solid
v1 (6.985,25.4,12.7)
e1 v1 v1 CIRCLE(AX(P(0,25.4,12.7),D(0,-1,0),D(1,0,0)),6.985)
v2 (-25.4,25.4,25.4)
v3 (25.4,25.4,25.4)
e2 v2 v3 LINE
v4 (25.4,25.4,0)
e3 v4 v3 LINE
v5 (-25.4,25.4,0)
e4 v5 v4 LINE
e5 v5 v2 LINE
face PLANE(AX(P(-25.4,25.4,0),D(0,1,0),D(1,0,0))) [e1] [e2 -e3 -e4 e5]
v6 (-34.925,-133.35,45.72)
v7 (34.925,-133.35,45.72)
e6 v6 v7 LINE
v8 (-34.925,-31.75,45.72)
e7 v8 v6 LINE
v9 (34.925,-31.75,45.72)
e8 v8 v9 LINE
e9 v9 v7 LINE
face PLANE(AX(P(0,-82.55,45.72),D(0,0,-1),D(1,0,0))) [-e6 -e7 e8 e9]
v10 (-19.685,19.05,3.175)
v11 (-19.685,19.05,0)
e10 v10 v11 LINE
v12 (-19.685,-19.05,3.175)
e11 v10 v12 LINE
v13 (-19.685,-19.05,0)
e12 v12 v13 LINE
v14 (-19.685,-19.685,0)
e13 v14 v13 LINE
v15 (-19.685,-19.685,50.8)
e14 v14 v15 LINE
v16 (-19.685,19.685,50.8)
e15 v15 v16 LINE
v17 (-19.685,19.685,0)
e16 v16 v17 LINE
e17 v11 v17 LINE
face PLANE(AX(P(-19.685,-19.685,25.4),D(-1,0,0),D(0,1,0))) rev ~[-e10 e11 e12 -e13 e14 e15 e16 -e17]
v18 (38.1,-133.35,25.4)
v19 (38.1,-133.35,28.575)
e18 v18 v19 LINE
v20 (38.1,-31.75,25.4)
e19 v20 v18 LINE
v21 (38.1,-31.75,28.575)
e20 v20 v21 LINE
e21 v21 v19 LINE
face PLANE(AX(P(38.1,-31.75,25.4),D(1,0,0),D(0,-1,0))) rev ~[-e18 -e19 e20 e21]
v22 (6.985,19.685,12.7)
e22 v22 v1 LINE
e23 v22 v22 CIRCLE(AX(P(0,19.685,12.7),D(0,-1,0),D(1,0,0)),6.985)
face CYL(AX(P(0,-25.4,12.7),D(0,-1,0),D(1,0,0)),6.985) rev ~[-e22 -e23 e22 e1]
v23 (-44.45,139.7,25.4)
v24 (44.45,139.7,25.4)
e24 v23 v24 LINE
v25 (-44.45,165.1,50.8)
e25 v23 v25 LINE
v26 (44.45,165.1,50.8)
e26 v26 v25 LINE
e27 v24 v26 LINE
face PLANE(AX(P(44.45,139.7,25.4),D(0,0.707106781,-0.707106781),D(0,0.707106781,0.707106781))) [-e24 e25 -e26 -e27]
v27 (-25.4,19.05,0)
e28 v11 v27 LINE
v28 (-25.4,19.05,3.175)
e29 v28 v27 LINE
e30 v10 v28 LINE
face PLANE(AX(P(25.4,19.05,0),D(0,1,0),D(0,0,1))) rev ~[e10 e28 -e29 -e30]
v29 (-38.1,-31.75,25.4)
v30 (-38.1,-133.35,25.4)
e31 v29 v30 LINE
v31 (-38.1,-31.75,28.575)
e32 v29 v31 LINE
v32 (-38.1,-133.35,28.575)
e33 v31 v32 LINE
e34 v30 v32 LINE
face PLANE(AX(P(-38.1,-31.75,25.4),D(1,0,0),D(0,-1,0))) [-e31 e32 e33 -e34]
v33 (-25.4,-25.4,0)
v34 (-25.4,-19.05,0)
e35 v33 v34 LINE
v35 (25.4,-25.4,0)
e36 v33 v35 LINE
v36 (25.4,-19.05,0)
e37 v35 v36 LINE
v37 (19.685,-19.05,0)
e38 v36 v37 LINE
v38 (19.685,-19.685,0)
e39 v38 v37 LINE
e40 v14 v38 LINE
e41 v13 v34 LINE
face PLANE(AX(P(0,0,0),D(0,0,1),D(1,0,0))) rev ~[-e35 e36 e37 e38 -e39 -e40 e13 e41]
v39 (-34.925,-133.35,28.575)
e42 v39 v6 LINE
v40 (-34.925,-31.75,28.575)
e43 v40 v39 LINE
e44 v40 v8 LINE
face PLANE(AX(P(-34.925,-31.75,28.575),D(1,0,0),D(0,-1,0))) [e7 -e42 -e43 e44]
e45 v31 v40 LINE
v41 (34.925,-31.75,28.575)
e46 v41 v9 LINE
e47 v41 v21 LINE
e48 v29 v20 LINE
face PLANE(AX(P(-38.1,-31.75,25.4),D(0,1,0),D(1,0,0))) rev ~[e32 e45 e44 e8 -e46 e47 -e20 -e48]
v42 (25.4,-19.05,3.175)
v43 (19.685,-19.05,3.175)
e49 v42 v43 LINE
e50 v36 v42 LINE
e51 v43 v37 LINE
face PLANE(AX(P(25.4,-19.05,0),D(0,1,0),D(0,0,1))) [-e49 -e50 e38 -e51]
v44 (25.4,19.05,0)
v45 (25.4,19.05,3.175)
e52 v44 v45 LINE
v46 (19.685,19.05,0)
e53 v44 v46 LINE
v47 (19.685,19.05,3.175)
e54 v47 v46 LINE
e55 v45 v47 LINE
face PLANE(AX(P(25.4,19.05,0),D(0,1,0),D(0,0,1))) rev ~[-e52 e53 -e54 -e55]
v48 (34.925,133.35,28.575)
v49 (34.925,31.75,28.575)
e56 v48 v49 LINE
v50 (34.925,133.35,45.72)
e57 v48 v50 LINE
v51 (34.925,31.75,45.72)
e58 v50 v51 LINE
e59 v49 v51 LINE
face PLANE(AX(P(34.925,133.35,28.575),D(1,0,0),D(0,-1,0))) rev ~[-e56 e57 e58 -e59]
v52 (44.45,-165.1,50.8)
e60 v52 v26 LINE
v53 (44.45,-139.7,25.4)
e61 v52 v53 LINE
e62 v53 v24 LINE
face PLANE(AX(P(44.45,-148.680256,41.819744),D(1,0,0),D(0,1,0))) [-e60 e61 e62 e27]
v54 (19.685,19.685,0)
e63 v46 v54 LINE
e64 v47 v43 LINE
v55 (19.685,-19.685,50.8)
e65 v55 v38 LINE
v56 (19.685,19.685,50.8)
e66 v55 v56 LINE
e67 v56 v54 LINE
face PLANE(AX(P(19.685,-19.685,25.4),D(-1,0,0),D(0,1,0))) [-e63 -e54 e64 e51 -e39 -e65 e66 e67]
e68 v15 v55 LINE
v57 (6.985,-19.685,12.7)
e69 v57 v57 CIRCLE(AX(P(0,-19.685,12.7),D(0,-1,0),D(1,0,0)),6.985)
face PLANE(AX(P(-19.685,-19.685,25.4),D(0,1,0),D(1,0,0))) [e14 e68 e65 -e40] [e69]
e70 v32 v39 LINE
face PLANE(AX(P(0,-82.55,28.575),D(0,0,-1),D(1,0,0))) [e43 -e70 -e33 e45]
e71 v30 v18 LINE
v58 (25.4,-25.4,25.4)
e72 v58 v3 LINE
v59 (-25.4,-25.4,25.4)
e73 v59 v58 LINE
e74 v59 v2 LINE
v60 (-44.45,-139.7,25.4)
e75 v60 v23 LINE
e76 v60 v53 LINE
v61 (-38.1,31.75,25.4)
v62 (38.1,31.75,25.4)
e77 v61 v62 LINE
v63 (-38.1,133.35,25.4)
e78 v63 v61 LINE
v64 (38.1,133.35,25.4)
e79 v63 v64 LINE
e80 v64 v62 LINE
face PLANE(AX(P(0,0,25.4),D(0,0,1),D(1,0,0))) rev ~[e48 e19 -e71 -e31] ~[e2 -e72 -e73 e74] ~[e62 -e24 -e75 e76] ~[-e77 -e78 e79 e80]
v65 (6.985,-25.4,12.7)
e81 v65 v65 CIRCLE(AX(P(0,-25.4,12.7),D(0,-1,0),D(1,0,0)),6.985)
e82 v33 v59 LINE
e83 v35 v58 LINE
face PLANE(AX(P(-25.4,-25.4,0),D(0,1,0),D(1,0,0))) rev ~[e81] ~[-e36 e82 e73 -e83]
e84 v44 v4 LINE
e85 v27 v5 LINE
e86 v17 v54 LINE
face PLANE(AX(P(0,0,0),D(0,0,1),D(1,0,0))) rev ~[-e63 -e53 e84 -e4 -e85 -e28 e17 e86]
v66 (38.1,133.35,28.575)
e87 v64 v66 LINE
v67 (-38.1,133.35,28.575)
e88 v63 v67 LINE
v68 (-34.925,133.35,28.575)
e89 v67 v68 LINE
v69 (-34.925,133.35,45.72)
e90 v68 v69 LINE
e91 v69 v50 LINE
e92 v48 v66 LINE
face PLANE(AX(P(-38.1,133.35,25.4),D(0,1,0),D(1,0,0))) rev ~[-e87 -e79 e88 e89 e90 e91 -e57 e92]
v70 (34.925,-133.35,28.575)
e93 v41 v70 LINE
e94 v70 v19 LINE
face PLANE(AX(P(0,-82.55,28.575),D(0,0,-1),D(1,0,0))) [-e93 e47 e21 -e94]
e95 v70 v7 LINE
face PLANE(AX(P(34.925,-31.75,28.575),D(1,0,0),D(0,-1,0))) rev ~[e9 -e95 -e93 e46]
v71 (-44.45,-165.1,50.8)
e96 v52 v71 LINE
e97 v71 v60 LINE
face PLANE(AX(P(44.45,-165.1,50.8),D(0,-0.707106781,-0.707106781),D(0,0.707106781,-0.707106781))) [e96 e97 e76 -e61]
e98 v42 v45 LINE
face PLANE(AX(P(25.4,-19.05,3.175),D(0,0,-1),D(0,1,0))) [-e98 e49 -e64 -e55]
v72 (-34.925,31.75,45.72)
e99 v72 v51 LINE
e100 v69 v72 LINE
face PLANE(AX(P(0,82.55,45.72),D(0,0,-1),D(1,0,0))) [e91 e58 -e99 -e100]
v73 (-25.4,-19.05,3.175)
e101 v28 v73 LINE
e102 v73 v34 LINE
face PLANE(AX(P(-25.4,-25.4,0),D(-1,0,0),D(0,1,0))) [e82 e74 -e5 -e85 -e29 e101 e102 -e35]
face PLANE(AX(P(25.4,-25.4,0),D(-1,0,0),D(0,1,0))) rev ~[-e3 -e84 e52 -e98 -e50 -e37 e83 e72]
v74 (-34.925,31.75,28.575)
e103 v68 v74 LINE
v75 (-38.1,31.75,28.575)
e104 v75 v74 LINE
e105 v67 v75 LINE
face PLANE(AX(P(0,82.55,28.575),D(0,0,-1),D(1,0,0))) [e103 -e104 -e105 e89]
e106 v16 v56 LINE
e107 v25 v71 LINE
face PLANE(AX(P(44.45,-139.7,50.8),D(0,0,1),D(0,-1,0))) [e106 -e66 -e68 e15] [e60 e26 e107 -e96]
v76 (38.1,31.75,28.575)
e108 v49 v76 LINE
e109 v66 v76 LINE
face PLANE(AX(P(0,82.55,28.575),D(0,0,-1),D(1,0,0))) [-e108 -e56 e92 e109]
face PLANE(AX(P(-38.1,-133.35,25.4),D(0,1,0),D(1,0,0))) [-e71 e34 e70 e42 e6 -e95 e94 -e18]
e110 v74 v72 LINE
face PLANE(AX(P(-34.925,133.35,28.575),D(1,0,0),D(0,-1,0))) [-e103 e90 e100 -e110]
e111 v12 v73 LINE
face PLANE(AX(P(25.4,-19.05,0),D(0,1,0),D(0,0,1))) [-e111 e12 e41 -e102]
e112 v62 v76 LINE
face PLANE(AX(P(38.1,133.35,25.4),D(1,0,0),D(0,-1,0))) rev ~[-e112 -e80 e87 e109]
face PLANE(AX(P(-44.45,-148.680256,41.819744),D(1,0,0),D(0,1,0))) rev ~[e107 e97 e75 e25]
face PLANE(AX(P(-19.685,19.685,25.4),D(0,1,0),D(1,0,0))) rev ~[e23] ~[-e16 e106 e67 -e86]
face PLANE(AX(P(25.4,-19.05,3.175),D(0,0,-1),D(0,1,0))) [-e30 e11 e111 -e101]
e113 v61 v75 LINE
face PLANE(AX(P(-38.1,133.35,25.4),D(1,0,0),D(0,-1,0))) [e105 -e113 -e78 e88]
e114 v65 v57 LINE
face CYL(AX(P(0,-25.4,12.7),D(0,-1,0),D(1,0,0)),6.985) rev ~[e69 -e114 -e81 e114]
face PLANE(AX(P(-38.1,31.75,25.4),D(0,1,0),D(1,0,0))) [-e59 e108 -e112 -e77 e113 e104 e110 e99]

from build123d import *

# Parameters (mm, degrees)
F0_W      = 50.8
F0_H      = 50.8
F0_W_2    = 39.37
F0_H_2    = 39.37
F1_DEPTH  = 25.4
F2_R      = 6.985
F3_DEPTH  = 50.801
F4_W      = 88.9
F4_H      = 279.4
F4_W_2    = 39.37
F4_H_2    = 39.37
F5_DEPTH  = 25.4
F6_W      = 76.2
F6_H      = 101.6
F7_DEPTH  = 3.175
F8_W      = 69.85
F8_H      = 101.6
F9_DEPTH  = 17.145
F10_W     = 69.85
F10_H     = 101.6
F11_DEPTH = 17.145
F12_W     = 38.1
F12_H     = 3.175
F13_DEPTH = 69.851
F15_DEPTH = 88.9


with BuildPart() as f1:
    # F0 (on Top) → F1 (new body)
    with BuildSketch(Plane.XY):
        Rectangle(F0_W, F0_H)
        Rectangle(F0_W_2, F0_H_2, mode=Mode.SUBTRACT)
    extrude(amount=F1_DEPTH)

    # F2 (on face) → F3 (cut, through all)
    with BuildSketch(Plane.XZ.offset(25.4)):
        with Locations((0, 12.7)):
            Circle(F2_R)
    extrude(amount=-F3_DEPTH, mode=Mode.SUBTRACT)

    # F4 (on face) → F5 (join)
    with BuildSketch(Plane.XY.offset(25.4)):
        Rectangle(F4_W, F4_H)
        Rectangle(F4_W_2, F4_H_2, mode=Mode.SUBTRACT)
    extrude(amount=F5_DEPTH)

    # F6 (on face) → F7 (cut)
    with BuildSketch(Plane(origin=(0, 0, 25.4), x_dir=(1, 0, 0), z_dir=(0, 0, -1))):
        with Locations((0, -82.55)):
            Rectangle(F6_W, F6_H)
        with Locations((0, 82.55)):
            Rectangle(F6_W, F6_H)
    extrude(amount=-F7_DEPTH, mode=Mode.SUBTRACT)

    # F8 (on face) → F9 (cut)
    with BuildSketch(Plane(origin=(0, 0, 28.575), x_dir=(1, 0, 0), z_dir=(0, 0, -1))):
        with Locations((0, -82.55)):
            Rectangle(F8_W, F8_H)
    extrude(amount=-F9_DEPTH, mode=Mode.SUBTRACT)

    # F10 (on face) → F11 (cut)
    with BuildSketch(Plane(origin=(0, 0, 28.575), x_dir=(1, 0, 0), z_dir=(0, 0, -1))):
        with Locations((0, 82.55)):
            Rectangle(F10_W, F10_H)
    extrude(amount=-F11_DEPTH, mode=Mode.SUBTRACT)

    # F12 (on face) → F13 (cut, through all)
    with BuildSketch(Plane.YZ.offset(25.4)):
        with Locations((0, 1.5875)):
            Rectangle(F12_W, F12_H)
    extrude(amount=-F13_DEPTH, mode=Mode.SUBTRACT)

    # F14 (on face) → F15 (join, through all)
    with BuildSketch(Plane.YZ.offset(44.45)):
        Polygon((-139.7, 25.4), (-139.7, 50.8), (-165.1, 50.8), align=None)
        Polygon((139.7, 50.8), (139.7, 25.4), (165.1, 50.8), align=None)
    extrude(amount=-F15_DEPTH)


solid = f1.part
